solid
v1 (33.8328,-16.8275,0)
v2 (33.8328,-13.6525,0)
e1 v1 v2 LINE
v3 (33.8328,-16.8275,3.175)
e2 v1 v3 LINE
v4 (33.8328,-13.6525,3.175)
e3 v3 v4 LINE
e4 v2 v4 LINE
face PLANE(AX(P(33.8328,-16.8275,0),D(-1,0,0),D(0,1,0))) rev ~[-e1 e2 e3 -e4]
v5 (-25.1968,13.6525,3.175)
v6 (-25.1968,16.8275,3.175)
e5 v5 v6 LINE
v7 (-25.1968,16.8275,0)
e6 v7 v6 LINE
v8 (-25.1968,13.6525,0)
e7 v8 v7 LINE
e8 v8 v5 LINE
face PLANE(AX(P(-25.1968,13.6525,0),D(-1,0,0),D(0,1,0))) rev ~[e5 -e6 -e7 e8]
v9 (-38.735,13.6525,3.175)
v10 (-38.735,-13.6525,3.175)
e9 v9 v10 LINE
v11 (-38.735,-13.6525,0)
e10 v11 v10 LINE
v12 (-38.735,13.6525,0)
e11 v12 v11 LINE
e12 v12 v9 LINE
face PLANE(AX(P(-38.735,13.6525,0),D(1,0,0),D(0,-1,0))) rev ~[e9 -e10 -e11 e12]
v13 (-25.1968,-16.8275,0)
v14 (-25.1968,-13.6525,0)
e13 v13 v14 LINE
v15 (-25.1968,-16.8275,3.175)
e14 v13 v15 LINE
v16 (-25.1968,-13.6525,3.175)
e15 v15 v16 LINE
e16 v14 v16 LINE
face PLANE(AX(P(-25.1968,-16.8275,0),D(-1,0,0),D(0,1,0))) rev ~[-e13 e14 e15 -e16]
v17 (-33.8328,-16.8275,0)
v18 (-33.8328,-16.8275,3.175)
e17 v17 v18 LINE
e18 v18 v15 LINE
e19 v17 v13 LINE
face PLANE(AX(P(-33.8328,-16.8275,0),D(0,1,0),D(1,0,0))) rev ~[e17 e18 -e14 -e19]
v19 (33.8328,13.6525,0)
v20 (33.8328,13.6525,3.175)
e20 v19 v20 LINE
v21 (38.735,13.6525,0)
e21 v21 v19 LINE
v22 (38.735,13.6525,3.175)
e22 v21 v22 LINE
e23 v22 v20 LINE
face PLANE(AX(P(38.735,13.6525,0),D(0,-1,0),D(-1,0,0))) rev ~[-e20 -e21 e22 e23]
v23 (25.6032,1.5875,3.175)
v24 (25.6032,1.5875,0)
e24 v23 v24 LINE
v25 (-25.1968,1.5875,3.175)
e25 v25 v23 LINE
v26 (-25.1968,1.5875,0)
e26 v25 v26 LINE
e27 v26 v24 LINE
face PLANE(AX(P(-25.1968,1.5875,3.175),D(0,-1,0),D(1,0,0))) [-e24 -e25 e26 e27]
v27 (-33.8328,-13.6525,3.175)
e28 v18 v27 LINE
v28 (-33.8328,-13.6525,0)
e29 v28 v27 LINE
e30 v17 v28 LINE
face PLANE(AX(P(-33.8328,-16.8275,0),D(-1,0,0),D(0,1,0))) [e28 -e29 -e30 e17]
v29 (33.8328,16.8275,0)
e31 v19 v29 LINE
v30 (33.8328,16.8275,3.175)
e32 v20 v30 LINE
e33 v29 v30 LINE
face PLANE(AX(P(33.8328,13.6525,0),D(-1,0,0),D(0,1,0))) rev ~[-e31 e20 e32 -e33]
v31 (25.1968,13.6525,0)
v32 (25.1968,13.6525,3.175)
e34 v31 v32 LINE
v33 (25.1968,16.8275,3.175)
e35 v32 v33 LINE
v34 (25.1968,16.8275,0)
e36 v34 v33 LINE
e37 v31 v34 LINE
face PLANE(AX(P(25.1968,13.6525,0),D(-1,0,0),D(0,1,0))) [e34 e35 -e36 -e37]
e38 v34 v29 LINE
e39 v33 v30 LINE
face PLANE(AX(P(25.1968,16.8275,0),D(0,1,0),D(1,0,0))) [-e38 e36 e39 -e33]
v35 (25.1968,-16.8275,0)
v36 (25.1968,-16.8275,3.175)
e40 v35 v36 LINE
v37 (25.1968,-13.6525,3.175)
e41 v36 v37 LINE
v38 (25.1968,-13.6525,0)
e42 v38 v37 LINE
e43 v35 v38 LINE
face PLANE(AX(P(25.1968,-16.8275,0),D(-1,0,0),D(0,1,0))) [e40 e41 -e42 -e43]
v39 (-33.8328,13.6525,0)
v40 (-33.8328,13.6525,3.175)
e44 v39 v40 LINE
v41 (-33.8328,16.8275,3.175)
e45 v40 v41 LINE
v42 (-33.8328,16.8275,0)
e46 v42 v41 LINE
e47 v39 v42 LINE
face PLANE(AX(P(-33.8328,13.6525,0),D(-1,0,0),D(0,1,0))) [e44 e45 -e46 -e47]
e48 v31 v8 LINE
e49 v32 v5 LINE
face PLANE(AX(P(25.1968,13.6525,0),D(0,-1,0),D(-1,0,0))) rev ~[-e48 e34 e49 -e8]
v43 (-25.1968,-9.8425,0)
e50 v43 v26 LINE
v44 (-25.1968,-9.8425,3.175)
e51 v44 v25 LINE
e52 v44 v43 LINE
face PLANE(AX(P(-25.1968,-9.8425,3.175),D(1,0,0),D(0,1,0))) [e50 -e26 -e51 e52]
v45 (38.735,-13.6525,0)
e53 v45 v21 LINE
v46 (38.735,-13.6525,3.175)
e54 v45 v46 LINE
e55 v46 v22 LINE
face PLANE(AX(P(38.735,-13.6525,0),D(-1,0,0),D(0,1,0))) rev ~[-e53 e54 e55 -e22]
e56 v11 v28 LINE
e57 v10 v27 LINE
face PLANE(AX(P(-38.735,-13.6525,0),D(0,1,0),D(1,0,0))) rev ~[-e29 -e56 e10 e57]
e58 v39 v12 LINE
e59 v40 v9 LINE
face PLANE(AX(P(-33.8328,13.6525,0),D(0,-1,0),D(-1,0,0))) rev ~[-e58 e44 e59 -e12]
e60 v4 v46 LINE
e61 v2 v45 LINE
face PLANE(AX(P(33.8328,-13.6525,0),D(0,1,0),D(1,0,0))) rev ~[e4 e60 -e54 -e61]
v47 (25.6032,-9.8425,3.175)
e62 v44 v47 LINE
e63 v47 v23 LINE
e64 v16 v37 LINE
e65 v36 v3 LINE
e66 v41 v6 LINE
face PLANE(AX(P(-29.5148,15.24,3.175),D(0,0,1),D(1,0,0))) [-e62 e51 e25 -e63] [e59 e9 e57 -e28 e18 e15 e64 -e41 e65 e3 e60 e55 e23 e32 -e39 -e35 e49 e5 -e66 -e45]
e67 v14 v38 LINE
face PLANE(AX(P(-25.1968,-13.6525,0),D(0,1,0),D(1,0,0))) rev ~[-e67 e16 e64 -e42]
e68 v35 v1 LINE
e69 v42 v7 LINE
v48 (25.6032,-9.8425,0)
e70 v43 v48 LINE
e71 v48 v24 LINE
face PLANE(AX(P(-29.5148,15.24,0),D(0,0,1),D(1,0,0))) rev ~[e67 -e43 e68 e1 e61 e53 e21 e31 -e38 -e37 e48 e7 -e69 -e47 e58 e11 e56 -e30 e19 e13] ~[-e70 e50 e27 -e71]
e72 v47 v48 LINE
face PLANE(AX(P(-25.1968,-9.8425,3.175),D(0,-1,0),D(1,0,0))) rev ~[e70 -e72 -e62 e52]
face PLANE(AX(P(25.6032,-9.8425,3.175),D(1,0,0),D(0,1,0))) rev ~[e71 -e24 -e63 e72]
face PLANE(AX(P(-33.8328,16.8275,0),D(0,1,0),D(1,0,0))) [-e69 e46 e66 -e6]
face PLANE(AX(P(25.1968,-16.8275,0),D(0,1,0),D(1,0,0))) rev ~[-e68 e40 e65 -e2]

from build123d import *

# Parameters (mm, degrees)
F0_W     = 8.636
F0_H     = 3.175
F1_DEPTH = 3.175
F2_W     = 50.8
F2_H     = 11.43
F3_DEPTH = 25.4


with BuildPart() as f1:
    # F0 (on Top) → F1 (new body)
    with BuildSketch(Plane.XY):
        with Locations((-29.5148, 15.24)):
            Rectangle(F0_W, F0_H)
        Polygon((-33.8328, 13.6525), (-38.735, 13.6525), (-38.735, -13.6525), (-33.8328, -13.6525), (-25.1968, -13.6525), (25.1968, -13.6525), (33.8328, -13.6525), (38.735, -13.6525), (38.735, 13.6525), (33.8328, 13.6525), (25.1968, 13.6525), (-25.1968, 13.6525), align=None)
        with Locations((29.5148, 15.24)):
            Rectangle(F0_W, F0_H)
        with Locations((-29.5148, -15.24)):
            Rectangle(F0_W, F0_H)
        with Locations((29.5148, -15.24)):
            Rectangle(F0_W, F0_H)
    extrude(amount=F1_DEPTH)

    # F2 (on face) → F3 (cut)
    with BuildSketch(Plane.XY.offset(3.175)):
        with Locations((0.2032, -4.1275)):
            Rectangle(F2_W, F2_H)
    extrude(amount=-F3_DEPTH, mode=Mode.SUBTRACT)


solid = f1.part
